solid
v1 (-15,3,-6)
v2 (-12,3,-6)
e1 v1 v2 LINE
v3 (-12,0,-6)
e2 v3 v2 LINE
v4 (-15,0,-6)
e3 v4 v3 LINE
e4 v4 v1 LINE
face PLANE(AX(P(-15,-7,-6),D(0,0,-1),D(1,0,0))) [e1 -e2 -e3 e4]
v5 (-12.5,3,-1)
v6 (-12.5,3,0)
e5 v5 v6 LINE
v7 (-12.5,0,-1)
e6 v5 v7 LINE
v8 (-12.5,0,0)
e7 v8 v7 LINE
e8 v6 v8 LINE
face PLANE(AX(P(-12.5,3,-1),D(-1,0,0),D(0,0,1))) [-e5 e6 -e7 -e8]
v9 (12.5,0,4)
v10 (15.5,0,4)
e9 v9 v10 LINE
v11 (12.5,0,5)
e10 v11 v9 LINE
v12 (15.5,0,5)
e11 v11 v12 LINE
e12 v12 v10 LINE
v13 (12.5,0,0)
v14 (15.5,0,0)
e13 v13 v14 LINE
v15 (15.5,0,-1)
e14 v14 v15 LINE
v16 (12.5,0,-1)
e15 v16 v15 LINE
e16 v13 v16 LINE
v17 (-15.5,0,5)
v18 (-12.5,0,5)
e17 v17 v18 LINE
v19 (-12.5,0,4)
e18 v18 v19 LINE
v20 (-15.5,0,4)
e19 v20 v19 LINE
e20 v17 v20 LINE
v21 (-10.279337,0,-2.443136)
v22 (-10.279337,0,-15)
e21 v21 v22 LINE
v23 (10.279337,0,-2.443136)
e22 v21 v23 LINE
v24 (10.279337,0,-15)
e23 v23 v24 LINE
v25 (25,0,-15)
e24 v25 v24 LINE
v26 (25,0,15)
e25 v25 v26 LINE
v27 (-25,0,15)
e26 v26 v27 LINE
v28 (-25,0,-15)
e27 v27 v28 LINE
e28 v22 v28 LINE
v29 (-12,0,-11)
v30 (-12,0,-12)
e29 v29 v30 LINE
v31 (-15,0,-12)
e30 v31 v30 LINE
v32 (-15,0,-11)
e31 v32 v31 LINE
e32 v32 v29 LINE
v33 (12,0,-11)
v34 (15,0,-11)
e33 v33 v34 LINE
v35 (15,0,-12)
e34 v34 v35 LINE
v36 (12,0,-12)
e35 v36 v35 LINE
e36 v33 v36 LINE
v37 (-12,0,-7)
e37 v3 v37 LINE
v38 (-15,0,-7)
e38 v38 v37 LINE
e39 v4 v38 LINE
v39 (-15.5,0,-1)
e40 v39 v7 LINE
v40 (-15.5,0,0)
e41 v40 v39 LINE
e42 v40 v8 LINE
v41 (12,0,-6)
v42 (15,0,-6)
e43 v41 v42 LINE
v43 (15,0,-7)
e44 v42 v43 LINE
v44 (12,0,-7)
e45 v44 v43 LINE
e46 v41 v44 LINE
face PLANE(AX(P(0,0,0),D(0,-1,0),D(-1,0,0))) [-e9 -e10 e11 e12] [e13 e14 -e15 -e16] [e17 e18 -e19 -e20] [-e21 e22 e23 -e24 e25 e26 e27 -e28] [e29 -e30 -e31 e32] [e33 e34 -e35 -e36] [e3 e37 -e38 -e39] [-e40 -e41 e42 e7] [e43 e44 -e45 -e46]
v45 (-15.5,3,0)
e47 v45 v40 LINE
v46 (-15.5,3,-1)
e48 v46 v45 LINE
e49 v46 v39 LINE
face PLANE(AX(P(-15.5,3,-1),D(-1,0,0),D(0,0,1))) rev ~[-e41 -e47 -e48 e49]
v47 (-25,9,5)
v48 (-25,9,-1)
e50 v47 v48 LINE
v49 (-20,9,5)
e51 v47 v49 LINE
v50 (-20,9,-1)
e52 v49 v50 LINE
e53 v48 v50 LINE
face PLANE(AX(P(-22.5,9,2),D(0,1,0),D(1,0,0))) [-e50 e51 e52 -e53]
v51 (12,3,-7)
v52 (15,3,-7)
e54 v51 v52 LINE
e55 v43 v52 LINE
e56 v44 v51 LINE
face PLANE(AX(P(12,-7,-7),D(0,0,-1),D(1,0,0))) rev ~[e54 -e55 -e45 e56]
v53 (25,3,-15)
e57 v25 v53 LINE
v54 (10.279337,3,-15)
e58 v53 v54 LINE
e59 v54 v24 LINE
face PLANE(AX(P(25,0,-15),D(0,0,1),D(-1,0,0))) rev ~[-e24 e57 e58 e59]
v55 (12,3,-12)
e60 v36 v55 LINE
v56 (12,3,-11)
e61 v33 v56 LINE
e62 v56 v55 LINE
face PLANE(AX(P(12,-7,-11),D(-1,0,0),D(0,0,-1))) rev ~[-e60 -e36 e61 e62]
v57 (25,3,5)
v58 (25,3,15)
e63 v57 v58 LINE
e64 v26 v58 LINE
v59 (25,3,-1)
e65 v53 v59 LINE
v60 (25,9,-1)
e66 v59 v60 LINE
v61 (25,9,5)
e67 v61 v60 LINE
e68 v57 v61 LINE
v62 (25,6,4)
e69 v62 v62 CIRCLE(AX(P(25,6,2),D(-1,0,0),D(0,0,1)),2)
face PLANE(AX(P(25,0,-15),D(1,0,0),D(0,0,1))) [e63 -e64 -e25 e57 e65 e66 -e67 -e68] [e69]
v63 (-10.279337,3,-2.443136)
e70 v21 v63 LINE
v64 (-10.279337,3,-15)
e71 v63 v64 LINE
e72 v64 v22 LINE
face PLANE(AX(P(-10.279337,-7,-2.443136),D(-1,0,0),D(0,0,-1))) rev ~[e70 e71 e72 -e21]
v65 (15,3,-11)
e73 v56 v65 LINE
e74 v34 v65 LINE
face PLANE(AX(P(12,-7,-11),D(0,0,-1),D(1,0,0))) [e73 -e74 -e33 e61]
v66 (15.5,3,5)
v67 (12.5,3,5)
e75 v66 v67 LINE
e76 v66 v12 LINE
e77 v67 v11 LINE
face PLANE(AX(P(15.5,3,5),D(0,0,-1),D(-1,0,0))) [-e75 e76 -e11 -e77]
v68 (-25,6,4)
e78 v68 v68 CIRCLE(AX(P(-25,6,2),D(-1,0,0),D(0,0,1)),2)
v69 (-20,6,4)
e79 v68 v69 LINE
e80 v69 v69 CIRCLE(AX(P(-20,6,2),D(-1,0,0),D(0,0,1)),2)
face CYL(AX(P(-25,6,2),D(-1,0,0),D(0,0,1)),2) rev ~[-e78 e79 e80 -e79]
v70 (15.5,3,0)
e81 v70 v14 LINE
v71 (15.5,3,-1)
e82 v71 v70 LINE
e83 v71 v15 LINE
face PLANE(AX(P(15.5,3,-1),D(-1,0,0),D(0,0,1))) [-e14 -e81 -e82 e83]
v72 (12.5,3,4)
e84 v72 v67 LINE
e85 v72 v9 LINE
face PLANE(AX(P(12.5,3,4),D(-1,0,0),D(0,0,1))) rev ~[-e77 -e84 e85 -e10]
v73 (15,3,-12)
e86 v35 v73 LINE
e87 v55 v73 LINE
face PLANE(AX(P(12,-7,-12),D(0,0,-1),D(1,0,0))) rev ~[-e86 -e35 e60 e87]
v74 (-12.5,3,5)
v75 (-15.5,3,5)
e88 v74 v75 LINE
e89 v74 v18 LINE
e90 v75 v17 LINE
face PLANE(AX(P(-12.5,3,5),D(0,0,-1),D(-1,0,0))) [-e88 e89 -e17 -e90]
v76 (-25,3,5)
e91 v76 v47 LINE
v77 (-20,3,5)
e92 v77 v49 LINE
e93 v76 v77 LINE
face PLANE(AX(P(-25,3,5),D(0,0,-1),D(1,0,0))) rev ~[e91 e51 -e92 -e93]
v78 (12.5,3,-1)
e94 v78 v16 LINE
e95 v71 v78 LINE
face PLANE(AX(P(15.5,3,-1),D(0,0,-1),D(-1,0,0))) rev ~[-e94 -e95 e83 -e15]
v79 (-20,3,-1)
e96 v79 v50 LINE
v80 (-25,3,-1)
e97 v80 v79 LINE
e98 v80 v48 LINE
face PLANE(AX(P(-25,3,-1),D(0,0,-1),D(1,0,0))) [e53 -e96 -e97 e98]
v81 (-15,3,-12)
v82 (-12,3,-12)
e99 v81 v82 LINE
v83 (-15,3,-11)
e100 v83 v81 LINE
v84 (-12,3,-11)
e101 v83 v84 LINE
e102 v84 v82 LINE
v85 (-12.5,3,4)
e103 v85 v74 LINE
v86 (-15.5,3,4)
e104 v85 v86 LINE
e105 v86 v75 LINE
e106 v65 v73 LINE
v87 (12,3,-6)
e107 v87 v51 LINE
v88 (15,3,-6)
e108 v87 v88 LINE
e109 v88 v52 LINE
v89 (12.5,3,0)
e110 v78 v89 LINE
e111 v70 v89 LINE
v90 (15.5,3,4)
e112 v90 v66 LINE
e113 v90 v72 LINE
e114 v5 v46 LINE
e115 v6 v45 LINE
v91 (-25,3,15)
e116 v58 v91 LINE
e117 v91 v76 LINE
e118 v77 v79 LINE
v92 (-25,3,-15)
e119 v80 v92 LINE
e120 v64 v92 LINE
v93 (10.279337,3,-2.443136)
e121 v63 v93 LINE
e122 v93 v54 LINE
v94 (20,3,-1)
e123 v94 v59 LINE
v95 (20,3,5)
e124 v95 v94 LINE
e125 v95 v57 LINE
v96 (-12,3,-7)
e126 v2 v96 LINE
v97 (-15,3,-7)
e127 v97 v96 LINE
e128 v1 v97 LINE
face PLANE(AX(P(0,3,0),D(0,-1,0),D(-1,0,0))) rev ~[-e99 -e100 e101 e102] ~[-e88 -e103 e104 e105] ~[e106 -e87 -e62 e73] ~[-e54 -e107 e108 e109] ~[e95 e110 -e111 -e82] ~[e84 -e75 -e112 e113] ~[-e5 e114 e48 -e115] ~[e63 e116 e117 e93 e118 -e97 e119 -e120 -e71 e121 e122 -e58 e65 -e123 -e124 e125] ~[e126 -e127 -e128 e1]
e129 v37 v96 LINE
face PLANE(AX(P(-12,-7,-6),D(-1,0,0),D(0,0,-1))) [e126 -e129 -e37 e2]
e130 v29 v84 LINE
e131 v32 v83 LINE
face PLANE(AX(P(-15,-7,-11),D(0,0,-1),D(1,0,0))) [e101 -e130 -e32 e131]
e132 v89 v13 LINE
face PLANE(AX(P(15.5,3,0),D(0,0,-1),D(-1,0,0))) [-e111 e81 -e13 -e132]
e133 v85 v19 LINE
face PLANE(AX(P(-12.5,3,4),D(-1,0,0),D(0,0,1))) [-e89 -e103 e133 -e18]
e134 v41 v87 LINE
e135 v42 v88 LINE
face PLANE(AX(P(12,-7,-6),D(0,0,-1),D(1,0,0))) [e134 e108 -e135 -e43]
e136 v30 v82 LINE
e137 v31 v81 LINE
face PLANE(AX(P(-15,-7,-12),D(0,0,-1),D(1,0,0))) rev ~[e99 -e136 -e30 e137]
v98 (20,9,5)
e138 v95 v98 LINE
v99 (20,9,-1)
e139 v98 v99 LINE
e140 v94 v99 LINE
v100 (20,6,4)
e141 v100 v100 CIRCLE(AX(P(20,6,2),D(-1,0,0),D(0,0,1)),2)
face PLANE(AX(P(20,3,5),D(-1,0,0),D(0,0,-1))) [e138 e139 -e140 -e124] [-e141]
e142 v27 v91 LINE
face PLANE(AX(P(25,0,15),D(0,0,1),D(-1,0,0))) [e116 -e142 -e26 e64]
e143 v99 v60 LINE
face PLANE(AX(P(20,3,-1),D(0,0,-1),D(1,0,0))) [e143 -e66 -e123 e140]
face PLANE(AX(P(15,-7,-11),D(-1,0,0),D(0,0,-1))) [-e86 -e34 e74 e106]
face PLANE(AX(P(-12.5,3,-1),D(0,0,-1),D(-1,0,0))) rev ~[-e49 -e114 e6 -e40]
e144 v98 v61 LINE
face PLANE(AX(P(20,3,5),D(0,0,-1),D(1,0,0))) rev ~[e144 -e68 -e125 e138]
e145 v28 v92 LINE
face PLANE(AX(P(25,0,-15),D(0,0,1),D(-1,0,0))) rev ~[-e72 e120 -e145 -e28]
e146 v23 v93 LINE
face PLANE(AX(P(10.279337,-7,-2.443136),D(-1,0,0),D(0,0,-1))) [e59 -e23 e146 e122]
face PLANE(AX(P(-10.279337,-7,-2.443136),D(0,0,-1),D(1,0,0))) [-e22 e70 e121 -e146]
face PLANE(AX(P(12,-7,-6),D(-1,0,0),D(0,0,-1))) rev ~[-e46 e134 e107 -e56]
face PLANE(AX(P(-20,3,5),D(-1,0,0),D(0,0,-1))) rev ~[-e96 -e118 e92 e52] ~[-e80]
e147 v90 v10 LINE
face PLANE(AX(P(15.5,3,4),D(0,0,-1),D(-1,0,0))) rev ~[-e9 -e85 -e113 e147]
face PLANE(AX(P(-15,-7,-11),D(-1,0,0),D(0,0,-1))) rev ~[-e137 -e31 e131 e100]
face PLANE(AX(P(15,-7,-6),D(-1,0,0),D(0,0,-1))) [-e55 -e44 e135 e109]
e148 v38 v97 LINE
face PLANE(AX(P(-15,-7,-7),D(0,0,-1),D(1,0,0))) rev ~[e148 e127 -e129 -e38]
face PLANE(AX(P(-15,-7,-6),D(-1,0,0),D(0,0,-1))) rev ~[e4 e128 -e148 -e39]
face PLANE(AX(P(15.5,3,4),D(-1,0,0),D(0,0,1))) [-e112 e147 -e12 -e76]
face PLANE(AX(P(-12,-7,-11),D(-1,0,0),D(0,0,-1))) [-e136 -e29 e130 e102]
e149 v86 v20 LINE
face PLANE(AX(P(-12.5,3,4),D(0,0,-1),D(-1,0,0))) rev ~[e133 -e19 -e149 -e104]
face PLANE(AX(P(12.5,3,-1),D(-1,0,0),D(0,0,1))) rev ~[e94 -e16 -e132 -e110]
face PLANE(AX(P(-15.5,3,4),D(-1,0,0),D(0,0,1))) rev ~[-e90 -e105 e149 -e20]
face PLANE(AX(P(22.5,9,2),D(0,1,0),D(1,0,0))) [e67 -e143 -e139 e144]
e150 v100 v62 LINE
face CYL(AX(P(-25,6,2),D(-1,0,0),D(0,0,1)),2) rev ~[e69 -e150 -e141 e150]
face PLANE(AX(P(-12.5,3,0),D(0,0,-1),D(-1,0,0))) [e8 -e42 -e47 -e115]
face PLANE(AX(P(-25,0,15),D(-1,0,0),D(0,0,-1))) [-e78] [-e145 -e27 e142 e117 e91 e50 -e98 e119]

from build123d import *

# Parameters (mm, degrees)
SKETCH1_W                = 6
SKETCH1_H                = 8
BOSS_EXTRUDE1_DEPTH      = 3
SKETCH3_W                = 5
SKETCH3_H                = 6
BOSS_EXTRUDE3_DEPTH      = 6
SKETCH4_R                = 2
CUT_EXTRUDE1_DEPTH       = 53.971690553
BOSS_EXTRUDE4_DEPTH      = 6
BOSS_EXTRUDE4_DEPTH_BACK = 3
SKETCH5_W                = 6
SKETCH5_H                = 8
SKETCH6_R                = 2
CUT_EXTRUDE2_DEPTH       = 6
SKETCH7_W                = 3
SKETCH7_H                = 1
CUT_EXTRUDE3_DEPTH       = 10
CUT_EXTRUDE4_DEPTH       = 10
CUT_EXTRUDE4_DEPTH_BACK  = 10
SKETCH8_W                = 3
SKETCH8_H                = 1
SKETCH8_W_2              = 20.55867335
SKETCH8_H_2              = 13.11372747


with BuildPart() as part:
    # Sketch1 → Boss-Extrude1 (new body)
    with BuildSketch(Plane(origin=(0, 0, 0), x_dir=(1, 0, 0), z_dir=(0, 1, 0))):
        Polygon((3, 15), (25, 15), (25, -15), (-25, -15), (-25, 15), (-3, 15), align=None)
        with Locations((0, 9)):
            Rectangle(SKETCH1_W, SKETCH1_H, mode=Mode.SUBTRACT)
    extrude(amount=BOSS_EXTRUDE1_DEPTH)

    # Sketch3 → Boss-Extrude3 (add)
    with BuildSketch(Plane(origin=(0, 3, 0), x_dir=(1, 0, 0), z_dir=(0, 1, 0))):
        with Locations((-22.5, -2)):
            Rectangle(SKETCH3_W, SKETCH3_H)
        with Locations((22.5, -2)):
            Rectangle(SKETCH3_W, SKETCH3_H)
    extrude(amount=BOSS_EXTRUDE3_DEPTH)

    # Sketch4 → Cut-Extrude1 (cut, through all)
    with BuildSketch(Plane.ZY.offset(25)):
        with Locations((2, 6)):
            Circle(SKETCH4_R)
    extrude(amount=-CUT_EXTRUDE1_DEPTH, mode=Mode.SUBTRACT)

    # Sketch5 → Boss-Extrude4 (add, two sides: drawn at the far end of the back side and taken through both)
    with BuildSketch(Plane(origin=(0, 3, 0), x_dir=(-1, 0, 0), z_dir=(0, 1, 0)).offset(-BOSS_EXTRUDE4_DEPTH_BACK)):
        with Locations((0, -9)):
            Rectangle(SKETCH5_W, SKETCH5_H)
    extrude(amount=BOSS_EXTRUDE4_DEPTH + BOSS_EXTRUDE4_DEPTH_BACK)

    # Sketch6 → Cut-Extrude2 (cut)
    with BuildSketch(Plane.ZY.offset(3)):
        with Locations((-9, 6)):
            Circle(SKETCH6_R)
    extrude(amount=-CUT_EXTRUDE2_DEPTH, mode=Mode.SUBTRACT)

    # Sketch7 → Cut-Extrude3 (cut)
    with BuildSketch(Plane(origin=(0, 3, 0), x_dir=(-1, 0, 0), z_dir=(0, 1, 0))):
        with Locations((14, -0.5)):
            Rectangle(SKETCH7_W, SKETCH7_H)
        with Locations((-14, -0.5)):
            Rectangle(SKETCH7_W, SKETCH7_H)
        with Locations((-14, 4.5)):
            Rectangle(SKETCH7_W, SKETCH7_H)
        with Locations((14, 4.5)):
            Rectangle(SKETCH7_W, SKETCH7_H)
    extrude(amount=-CUT_EXTRUDE3_DEPTH, mode=Mode.SUBTRACT)

    # Sketch8 → Cut-Extrude4 (cut, two sides: drawn at the far end of the back side and taken through both)
    with BuildSketch(Plane(origin=(0, 3, 0), x_dir=(1, 0, 0), z_dir=(0, 1, 0)).offset(-CUT_EXTRUDE4_DEPTH_BACK)):
        with Locations((-13.5, 11.5)):
            Rectangle(SKETCH8_W, SKETCH8_H)
        with Locations((13.5, 11.5)):
            Rectangle(SKETCH8_W, SKETCH8_H)
        with Locations((-13.5, 6.5)):
            Rectangle(SKETCH8_W, SKETCH8_H)
        with Locations((13.5, 6.5)):
            Rectangle(SKETCH8_W, SKETCH8_H)
        with Locations((0, 9)):
            Rectangle(SKETCH8_W_2, SKETCH8_H_2)
    extrude(amount=CUT_EXTRUDE4_DEPTH + CUT_EXTRUDE4_DEPTH_BACK, mode=Mode.SUBTRACT)


solid = part.part
